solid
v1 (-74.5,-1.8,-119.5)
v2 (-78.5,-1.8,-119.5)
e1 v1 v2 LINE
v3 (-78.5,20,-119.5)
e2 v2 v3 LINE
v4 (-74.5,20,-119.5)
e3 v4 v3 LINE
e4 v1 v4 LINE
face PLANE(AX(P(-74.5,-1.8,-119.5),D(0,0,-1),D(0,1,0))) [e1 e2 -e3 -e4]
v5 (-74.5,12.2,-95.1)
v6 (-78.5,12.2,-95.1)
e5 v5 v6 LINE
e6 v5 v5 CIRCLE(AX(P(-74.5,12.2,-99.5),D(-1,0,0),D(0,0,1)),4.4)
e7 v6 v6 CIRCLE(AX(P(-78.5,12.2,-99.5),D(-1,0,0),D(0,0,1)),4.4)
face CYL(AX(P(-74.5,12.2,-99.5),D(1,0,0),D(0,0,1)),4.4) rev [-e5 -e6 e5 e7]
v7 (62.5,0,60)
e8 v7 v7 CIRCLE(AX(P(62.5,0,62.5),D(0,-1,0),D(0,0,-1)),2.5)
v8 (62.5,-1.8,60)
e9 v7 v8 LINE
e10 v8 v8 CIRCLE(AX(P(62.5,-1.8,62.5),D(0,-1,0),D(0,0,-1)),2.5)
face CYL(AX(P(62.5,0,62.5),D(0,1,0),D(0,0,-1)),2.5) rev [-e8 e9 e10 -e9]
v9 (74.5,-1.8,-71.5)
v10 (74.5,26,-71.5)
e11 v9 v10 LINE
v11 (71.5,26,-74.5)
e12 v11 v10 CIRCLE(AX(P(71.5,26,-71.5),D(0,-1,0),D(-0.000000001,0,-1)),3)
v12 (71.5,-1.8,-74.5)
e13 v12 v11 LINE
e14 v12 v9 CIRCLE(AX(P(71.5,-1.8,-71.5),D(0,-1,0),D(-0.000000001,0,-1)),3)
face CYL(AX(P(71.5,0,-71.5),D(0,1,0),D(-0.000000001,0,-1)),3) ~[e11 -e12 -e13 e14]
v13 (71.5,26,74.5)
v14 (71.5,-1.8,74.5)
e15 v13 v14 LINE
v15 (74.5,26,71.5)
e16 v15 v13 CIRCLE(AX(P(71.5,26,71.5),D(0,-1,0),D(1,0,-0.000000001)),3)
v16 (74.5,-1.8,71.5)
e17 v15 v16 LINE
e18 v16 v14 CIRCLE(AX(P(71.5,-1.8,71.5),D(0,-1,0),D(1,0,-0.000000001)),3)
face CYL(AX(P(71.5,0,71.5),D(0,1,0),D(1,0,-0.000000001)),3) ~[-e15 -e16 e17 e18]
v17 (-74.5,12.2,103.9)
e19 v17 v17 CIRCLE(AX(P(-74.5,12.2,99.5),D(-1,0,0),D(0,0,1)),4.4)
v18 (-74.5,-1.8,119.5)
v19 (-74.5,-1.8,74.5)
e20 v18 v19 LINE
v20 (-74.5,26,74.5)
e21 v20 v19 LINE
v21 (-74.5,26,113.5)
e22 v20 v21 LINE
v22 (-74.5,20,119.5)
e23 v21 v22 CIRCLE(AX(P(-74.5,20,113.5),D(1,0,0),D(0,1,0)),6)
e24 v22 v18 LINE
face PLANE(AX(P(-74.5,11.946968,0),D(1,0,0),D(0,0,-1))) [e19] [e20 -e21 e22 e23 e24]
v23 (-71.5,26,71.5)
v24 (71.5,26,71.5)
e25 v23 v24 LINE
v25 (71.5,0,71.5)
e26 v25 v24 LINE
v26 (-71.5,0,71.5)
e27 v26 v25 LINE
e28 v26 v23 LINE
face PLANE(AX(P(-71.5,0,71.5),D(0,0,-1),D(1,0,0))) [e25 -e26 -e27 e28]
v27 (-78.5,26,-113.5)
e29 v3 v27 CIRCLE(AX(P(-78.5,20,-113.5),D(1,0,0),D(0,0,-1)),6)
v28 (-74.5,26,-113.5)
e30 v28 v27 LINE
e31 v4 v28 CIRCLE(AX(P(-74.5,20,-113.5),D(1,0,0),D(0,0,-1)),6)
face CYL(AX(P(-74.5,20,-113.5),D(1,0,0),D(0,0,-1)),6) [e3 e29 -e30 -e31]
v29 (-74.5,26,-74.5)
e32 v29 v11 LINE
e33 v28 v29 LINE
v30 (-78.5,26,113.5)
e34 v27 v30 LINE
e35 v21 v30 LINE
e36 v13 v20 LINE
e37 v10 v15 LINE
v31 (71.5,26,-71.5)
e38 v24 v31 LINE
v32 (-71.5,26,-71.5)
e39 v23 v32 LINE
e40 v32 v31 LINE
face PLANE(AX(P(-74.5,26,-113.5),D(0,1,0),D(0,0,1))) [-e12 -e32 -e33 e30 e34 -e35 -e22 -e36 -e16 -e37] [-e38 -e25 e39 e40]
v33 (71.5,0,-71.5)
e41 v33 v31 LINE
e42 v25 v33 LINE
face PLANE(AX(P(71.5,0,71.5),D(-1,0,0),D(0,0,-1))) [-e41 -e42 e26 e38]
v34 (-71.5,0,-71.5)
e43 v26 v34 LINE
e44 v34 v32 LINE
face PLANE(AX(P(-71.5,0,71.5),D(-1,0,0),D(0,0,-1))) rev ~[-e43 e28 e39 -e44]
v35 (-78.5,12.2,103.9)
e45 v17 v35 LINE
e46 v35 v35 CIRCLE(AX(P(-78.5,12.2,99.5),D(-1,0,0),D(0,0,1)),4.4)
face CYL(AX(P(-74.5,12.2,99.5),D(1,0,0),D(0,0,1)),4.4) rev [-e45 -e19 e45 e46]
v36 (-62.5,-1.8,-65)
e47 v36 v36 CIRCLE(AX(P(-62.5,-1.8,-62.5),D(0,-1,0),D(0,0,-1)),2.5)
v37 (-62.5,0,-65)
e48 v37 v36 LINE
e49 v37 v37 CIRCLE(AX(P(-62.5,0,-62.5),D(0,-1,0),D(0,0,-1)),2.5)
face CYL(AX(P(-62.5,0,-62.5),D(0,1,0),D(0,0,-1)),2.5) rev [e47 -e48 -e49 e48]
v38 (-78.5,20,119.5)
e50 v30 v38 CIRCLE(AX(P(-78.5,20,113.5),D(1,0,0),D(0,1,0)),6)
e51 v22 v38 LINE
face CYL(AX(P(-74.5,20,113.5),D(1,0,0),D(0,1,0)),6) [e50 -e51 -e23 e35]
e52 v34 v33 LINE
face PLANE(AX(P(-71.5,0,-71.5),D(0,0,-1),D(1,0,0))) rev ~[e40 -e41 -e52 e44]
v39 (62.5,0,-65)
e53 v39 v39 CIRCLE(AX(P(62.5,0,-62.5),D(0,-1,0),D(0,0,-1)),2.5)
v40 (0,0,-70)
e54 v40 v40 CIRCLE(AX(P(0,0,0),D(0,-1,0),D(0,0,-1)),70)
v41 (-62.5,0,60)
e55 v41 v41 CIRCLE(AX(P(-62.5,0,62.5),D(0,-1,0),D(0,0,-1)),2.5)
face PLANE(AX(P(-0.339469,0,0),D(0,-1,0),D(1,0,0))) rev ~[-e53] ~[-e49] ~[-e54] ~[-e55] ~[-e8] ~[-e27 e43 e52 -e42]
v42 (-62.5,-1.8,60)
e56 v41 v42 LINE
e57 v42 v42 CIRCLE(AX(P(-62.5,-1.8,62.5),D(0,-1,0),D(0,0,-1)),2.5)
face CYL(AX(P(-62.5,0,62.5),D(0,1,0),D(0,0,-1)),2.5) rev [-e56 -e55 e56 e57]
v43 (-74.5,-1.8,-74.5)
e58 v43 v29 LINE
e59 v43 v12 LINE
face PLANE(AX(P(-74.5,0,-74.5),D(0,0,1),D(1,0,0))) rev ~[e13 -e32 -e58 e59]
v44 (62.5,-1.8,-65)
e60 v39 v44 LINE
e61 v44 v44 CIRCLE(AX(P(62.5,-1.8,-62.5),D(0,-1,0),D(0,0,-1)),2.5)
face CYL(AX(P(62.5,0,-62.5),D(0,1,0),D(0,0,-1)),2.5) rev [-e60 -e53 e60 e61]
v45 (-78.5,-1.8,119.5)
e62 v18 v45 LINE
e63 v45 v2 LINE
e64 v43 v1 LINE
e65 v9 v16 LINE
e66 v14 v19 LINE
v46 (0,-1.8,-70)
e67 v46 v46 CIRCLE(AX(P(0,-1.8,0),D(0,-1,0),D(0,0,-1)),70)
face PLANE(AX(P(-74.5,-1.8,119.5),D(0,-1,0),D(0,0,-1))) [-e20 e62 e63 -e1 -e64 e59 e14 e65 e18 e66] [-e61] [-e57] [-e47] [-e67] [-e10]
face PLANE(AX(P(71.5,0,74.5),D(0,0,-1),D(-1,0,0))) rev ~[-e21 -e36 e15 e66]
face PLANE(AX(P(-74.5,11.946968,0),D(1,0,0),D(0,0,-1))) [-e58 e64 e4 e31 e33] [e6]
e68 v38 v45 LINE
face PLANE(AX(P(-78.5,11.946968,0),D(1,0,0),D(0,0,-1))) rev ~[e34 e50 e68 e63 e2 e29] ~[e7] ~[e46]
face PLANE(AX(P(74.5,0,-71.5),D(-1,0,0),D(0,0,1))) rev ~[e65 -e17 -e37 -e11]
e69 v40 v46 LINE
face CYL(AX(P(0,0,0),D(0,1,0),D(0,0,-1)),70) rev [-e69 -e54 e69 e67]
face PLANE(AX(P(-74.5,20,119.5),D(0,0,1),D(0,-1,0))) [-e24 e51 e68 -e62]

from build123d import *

# Parameters (mm, degrees)
SKETCH1_W           = 143
SKETCH1_H           = 143
BOSS_EXTRUDE1_DEPTH = 26
SKETCH2_R           = 70
SKETCH2_R_2         = 2.5
BOSS_EXTRUDE2_DEPTH = 1.8
SKETCH3_R           = 4.4
BOSS_EXTRUDE4_DEPTH = 4


with BuildPart() as part:
    # Sketch1 → Boss-Extrude1 (new body)
    with BuildSketch(Plane(origin=(0, 0, 0), x_dir=(1, 0, 0), z_dir=(0, 1, 0))):
        with BuildLine():
            Line((74.5, 71.5), (74.5, -71.5))
            ThreePointArc((74.5, -71.5), (73.621320344, -73.621320344), (71.5, -74.5))
            Line((71.5, -74.5), (-74.5, -74.5))
            Line((-74.5, -74.5), (-74.5, 74.5))
            Line((-74.5, 74.5), (71.5, 74.5))
            ThreePointArc((71.5, 74.5), (73.621320344, 73.621320344), (74.5, 71.5))
        make_face()
        Rectangle(SKETCH1_W, SKETCH1_H, mode=Mode.SUBTRACT)
    extrude(amount=BOSS_EXTRUDE1_DEPTH)

    # Sketch2 → Boss-Extrude2 (add)
    with BuildSketch(Plane.XZ):
        with BuildLine():
            Line((74.5, -71.5), (74.5, 71.5))
            ThreePointArc((74.5, 71.5), (73.621320344, 73.621320344), (71.5, 74.5))
            Line((71.5, 74.5), (-74.5, 74.5))
            Line((-74.5, 74.5), (-74.5, -74.5))
            Line((-74.5, -74.5), (71.5, -74.5))
            ThreePointArc((71.5, -74.5), (73.621320344, -73.621320344), (74.5, -71.5))
        make_face()
        with Locations(Location((0, 0, 0), (0, 0, 270))):
            Circle(SKETCH2_R, mode=Mode.SUBTRACT)
        with Locations(Location((-62.5, 62.5, 0), (0, 0, 270))):
            Circle(SKETCH2_R_2, mode=Mode.SUBTRACT)
        with Locations(Location((62.5, 62.5, 0), (0, 0, 270))):
            Circle(SKETCH2_R_2, mode=Mode.SUBTRACT)
        with Locations(Location((62.5, -62.5, 0), (0, 0, 270))):
            Circle(SKETCH2_R_2, mode=Mode.SUBTRACT)
        with Locations(Location((-62.5, -62.5, 0), (0, 0, 270))):
            Circle(SKETCH2_R_2, mode=Mode.SUBTRACT)
    extrude(amount=BOSS_EXTRUDE2_DEPTH)

    # Sketch3 → Boss-Extrude4 (add)
    with BuildSketch(Plane.ZY.offset(74.5)):
        with BuildLine():
            Line((-113.5, 26), (113.5, 26))
            ThreePointArc((113.5, 26), (117.742640687, 24.242640687), (119.5, 20))
            Line((119.5, 20), (119.5, -1.8))
            Line((119.5, -1.8), (-119.5, -1.8))
            Line((-119.5, -1.8), (-119.5, 20))
            ThreePointArc((-119.5, 20), (-117.742640687, 24.242640687), (-113.5, 26))
        make_face()
        with Locations((-99.5, 12.2)):
            Circle(SKETCH3_R, mode=Mode.SUBTRACT)
        with Locations((99.5, 12.2)):
            Circle(SKETCH3_R, mode=Mode.SUBTRACT)
    extrude(amount=BOSS_EXTRUDE4_DEPTH)


solid = part.part
